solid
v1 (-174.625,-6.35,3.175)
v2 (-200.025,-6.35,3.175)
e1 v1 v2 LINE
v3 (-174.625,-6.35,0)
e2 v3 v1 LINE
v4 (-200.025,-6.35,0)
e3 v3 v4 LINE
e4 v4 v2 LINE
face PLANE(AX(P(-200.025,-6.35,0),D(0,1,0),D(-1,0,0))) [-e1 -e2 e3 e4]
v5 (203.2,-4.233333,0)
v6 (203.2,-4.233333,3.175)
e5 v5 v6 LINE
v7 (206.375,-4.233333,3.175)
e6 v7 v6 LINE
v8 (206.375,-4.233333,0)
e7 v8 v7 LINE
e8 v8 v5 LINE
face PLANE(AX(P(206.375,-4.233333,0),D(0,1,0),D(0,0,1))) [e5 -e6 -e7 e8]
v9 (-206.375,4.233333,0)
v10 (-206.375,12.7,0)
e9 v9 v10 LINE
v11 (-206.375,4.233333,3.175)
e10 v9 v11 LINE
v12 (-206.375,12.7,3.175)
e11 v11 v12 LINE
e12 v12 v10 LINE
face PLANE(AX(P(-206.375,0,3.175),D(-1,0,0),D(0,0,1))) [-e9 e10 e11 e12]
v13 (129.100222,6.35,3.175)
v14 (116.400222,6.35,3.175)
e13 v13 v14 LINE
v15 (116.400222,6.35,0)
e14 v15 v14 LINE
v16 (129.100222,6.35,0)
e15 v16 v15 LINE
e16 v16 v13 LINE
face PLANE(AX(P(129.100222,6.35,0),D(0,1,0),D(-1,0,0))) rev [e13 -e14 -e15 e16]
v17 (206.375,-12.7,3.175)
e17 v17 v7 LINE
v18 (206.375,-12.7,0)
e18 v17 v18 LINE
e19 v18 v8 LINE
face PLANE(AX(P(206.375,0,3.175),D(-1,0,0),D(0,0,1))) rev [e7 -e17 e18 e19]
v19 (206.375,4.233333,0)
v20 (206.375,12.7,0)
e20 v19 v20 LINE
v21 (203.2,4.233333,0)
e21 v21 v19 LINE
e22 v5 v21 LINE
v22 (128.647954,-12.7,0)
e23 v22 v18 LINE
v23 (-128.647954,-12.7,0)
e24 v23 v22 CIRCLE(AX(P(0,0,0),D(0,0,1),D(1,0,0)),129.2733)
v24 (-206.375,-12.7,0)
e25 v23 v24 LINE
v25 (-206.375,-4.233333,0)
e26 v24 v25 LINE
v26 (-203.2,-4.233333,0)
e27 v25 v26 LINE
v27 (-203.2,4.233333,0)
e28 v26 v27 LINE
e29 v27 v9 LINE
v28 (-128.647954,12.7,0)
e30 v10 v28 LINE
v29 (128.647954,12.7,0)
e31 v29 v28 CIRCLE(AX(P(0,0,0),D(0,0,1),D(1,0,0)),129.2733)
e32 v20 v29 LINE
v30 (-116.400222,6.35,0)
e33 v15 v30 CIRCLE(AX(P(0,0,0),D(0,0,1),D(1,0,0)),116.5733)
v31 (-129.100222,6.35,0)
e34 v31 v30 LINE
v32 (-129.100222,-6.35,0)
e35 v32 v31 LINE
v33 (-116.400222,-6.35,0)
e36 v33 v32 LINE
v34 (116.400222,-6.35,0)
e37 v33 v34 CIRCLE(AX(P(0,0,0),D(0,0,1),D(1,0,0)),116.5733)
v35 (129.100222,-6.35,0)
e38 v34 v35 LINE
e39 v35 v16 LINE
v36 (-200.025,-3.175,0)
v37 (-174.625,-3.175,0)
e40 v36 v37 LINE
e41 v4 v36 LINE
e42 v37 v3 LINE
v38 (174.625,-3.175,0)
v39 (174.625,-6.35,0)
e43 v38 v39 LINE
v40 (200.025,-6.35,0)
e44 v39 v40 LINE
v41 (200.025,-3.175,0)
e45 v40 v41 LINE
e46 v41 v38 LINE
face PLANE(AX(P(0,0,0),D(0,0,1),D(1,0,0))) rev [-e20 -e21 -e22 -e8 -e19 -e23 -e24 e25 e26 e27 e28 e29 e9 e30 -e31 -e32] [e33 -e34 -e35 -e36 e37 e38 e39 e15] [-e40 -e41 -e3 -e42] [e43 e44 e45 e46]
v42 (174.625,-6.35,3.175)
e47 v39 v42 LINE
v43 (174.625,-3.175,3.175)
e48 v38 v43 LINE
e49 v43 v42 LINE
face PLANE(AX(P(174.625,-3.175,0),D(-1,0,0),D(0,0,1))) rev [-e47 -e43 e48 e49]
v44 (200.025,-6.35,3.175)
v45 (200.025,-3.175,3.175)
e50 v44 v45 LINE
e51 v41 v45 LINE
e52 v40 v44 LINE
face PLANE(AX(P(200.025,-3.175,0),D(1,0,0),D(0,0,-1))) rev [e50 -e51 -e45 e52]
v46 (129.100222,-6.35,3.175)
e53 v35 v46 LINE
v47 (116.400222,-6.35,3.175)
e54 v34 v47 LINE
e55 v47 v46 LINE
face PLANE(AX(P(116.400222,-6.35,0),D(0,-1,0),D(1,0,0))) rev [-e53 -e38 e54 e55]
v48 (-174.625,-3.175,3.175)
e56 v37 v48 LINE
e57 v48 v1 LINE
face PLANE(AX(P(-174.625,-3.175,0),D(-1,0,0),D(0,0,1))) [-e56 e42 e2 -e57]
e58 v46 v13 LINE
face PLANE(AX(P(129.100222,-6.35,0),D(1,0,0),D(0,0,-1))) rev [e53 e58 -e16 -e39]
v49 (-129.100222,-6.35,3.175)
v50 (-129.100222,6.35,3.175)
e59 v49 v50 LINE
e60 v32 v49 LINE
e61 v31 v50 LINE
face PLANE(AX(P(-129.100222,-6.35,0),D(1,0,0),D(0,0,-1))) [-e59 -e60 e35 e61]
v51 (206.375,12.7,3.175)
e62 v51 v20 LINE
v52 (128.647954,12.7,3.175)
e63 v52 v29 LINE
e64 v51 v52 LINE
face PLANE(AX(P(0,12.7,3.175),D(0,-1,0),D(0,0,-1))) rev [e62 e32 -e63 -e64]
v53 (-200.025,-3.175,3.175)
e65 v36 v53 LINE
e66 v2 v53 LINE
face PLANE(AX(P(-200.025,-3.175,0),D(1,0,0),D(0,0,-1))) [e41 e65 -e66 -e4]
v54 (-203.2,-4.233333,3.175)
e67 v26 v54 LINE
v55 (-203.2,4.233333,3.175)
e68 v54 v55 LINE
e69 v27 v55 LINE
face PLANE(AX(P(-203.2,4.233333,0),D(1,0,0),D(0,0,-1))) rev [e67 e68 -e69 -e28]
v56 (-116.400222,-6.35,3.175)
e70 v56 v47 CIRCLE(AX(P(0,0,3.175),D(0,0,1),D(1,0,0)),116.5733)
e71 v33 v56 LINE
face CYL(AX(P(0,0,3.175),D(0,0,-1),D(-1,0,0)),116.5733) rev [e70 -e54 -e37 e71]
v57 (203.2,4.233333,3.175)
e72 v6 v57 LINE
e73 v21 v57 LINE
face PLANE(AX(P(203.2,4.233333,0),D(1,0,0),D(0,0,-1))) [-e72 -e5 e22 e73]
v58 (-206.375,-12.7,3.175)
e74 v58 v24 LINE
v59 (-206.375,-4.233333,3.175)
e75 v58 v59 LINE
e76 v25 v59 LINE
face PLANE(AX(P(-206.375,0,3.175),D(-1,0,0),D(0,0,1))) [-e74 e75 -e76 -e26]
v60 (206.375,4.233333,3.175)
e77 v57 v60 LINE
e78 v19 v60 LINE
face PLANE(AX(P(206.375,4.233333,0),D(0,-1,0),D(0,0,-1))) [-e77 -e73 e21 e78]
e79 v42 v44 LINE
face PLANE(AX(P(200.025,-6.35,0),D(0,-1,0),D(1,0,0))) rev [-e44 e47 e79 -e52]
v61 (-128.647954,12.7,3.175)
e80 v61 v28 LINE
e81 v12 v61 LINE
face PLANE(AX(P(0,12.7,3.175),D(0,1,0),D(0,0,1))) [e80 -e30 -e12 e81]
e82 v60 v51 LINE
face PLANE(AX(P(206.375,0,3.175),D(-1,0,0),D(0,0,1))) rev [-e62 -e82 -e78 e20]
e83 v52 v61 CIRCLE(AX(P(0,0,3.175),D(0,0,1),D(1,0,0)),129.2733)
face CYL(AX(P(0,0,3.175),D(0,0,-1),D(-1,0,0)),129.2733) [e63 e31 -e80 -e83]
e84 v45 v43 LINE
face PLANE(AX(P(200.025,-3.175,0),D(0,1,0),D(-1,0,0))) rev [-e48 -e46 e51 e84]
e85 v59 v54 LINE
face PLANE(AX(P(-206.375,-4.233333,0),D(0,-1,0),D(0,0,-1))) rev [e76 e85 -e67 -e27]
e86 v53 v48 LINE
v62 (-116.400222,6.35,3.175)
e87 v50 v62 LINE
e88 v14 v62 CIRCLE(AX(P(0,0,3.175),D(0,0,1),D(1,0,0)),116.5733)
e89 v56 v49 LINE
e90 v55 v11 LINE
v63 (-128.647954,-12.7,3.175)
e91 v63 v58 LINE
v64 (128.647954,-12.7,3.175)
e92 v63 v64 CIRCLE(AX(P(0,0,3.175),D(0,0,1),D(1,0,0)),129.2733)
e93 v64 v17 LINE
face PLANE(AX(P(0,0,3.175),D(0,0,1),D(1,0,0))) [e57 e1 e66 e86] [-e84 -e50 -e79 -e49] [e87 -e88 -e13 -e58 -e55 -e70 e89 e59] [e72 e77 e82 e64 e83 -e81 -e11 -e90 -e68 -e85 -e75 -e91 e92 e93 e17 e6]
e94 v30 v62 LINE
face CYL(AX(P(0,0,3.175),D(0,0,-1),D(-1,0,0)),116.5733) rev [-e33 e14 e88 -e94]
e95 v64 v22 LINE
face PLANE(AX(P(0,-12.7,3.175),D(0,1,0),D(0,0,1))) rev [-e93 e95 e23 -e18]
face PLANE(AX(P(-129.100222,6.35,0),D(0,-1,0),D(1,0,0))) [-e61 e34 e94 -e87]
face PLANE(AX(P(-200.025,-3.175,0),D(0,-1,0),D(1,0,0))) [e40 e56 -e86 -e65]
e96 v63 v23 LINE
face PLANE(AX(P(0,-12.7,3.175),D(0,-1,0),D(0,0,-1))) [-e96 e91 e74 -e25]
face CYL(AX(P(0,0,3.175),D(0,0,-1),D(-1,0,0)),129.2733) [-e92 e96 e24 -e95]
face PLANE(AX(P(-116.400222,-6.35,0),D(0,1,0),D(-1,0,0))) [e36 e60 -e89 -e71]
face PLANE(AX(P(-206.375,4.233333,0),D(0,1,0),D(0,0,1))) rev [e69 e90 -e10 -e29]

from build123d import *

# Parameters (mm, degrees)
SKETCH1_R           = 129.2733
SKETCH1_R_2         = 116.5733
BOSS_EXTRUDE1_DEPTH = 3.175
SKETCH2_W           = 3.175
SKETCH2_H           = 8.466666666
CUT_EXTRUDE1_DEPTH  = 3.175
CUT_EXTRUDE6_START  = -3.175
CUT_EXTRUDE6_DEPTH  = 3.175
SKETCH4_W           = 25.4
SKETCH4_H           = 3.175
CUT_EXTRUDE7_DEPTH  = 3.175


with BuildPart() as part:
    # Sketch1 → Boss-Extrude1 (new body)
    # profile 1 of 3: a face of its own
    with BuildSketch(Plane.XY):
        with BuildLine():
            Line((-206.375, -12.7), (-128.647954095, -12.7))
            ThreePointArc((-128.647954095, -12.7), (-129.2733, 0), (-128.647954095, 12.7))
            Line((-128.647954095, 12.7), (-206.375, 12.7))
            Line((-206.375, 12.7), (-206.375, -12.7))
        make_face()
    # profile 2 of 3: a face of its own
    with BuildSketch(Plane.XY):
        Circle(SKETCH1_R)
        Circle(SKETCH1_R_2, mode=Mode.SUBTRACT)
    # profile 3 of 3: a face of its own
    with BuildSketch(Plane.XY):
        with BuildLine():
            ThreePointArc((129.2733, 0), (129.116868877, -6.357693322), (128.647954095, -12.7))
            Line((128.647954095, -12.7), (206.375, -12.7))
            Line((206.375, -12.7), (206.375, 12.7))
            Line((206.375, 12.7), (128.647954095, 12.7))
            ThreePointArc((128.647954095, 12.7), (129.116868877, 6.357693322), (129.2733, 0))
        make_face()
    extrude(amount=BOSS_EXTRUDE1_DEPTH)

    # Sketch2 → Cut-Extrude1 (cut)
    with BuildSketch(Plane.XY.offset(3.175)):
        with Locations((-204.7875, 0)):
            Rectangle(SKETCH2_W, SKETCH2_H)
    cut_extrude1 = extrude(amount=-CUT_EXTRUDE1_DEPTH, mode=Mode.SUBTRACT)

    # Mirror1: Cut-Extrude1 across plane
    add(cut_extrude1.mirror(Plane(origin=(0, 0, 0), x_dir=(0, 0, 1), z_dir=(1, 0, 0))), mode=Mode.SUBTRACT)

    # Sketch3 → Cut-Extrude6 (cut)
    with BuildSketch(Plane.XY.offset(3.175).offset(CUT_EXTRUDE6_START)):
        with BuildLine():
            Line((-116.400222392, -6.35), (-129.100222392, -6.35))
            Line((-129.100222392, -6.35), (-129.100222392, 6.35))
            Line((-129.100222392, 6.35), (-116.400222392, 6.35))
            ThreePointArc((-116.400222392, 6.35), (-116.5733, 0), (-116.400222392, -6.35))
        make_face()
    cut_extrude6 = extrude(amount=CUT_EXTRUDE6_DEPTH, mode=Mode.SUBTRACT)

    # Mirror2: Cut-Extrude6 across plane
    add(cut_extrude6.mirror(Plane(origin=(0, 0, 0), x_dir=(0, 0, 1), z_dir=(1, 0, 0))), mode=Mode.SUBTRACT)

    # Sketch4 → Cut-Extrude7 (cut)
    with BuildSketch(Plane.XY.offset(3.175)):
        with Locations((187.325, -4.7625)):
            Rectangle(SKETCH4_W, SKETCH4_H)
    cut_extrude7 = extrude(amount=-CUT_EXTRUDE7_DEPTH, mode=Mode.SUBTRACT)

    # Mirror3: Cut-Extrude7 across plane
    add(cut_extrude7.mirror(Plane(origin=(0, 0, 0), x_dir=(0, 0, 1), z_dir=(1, 0, 0))), mode=Mode.SUBTRACT)


solid = part.part
